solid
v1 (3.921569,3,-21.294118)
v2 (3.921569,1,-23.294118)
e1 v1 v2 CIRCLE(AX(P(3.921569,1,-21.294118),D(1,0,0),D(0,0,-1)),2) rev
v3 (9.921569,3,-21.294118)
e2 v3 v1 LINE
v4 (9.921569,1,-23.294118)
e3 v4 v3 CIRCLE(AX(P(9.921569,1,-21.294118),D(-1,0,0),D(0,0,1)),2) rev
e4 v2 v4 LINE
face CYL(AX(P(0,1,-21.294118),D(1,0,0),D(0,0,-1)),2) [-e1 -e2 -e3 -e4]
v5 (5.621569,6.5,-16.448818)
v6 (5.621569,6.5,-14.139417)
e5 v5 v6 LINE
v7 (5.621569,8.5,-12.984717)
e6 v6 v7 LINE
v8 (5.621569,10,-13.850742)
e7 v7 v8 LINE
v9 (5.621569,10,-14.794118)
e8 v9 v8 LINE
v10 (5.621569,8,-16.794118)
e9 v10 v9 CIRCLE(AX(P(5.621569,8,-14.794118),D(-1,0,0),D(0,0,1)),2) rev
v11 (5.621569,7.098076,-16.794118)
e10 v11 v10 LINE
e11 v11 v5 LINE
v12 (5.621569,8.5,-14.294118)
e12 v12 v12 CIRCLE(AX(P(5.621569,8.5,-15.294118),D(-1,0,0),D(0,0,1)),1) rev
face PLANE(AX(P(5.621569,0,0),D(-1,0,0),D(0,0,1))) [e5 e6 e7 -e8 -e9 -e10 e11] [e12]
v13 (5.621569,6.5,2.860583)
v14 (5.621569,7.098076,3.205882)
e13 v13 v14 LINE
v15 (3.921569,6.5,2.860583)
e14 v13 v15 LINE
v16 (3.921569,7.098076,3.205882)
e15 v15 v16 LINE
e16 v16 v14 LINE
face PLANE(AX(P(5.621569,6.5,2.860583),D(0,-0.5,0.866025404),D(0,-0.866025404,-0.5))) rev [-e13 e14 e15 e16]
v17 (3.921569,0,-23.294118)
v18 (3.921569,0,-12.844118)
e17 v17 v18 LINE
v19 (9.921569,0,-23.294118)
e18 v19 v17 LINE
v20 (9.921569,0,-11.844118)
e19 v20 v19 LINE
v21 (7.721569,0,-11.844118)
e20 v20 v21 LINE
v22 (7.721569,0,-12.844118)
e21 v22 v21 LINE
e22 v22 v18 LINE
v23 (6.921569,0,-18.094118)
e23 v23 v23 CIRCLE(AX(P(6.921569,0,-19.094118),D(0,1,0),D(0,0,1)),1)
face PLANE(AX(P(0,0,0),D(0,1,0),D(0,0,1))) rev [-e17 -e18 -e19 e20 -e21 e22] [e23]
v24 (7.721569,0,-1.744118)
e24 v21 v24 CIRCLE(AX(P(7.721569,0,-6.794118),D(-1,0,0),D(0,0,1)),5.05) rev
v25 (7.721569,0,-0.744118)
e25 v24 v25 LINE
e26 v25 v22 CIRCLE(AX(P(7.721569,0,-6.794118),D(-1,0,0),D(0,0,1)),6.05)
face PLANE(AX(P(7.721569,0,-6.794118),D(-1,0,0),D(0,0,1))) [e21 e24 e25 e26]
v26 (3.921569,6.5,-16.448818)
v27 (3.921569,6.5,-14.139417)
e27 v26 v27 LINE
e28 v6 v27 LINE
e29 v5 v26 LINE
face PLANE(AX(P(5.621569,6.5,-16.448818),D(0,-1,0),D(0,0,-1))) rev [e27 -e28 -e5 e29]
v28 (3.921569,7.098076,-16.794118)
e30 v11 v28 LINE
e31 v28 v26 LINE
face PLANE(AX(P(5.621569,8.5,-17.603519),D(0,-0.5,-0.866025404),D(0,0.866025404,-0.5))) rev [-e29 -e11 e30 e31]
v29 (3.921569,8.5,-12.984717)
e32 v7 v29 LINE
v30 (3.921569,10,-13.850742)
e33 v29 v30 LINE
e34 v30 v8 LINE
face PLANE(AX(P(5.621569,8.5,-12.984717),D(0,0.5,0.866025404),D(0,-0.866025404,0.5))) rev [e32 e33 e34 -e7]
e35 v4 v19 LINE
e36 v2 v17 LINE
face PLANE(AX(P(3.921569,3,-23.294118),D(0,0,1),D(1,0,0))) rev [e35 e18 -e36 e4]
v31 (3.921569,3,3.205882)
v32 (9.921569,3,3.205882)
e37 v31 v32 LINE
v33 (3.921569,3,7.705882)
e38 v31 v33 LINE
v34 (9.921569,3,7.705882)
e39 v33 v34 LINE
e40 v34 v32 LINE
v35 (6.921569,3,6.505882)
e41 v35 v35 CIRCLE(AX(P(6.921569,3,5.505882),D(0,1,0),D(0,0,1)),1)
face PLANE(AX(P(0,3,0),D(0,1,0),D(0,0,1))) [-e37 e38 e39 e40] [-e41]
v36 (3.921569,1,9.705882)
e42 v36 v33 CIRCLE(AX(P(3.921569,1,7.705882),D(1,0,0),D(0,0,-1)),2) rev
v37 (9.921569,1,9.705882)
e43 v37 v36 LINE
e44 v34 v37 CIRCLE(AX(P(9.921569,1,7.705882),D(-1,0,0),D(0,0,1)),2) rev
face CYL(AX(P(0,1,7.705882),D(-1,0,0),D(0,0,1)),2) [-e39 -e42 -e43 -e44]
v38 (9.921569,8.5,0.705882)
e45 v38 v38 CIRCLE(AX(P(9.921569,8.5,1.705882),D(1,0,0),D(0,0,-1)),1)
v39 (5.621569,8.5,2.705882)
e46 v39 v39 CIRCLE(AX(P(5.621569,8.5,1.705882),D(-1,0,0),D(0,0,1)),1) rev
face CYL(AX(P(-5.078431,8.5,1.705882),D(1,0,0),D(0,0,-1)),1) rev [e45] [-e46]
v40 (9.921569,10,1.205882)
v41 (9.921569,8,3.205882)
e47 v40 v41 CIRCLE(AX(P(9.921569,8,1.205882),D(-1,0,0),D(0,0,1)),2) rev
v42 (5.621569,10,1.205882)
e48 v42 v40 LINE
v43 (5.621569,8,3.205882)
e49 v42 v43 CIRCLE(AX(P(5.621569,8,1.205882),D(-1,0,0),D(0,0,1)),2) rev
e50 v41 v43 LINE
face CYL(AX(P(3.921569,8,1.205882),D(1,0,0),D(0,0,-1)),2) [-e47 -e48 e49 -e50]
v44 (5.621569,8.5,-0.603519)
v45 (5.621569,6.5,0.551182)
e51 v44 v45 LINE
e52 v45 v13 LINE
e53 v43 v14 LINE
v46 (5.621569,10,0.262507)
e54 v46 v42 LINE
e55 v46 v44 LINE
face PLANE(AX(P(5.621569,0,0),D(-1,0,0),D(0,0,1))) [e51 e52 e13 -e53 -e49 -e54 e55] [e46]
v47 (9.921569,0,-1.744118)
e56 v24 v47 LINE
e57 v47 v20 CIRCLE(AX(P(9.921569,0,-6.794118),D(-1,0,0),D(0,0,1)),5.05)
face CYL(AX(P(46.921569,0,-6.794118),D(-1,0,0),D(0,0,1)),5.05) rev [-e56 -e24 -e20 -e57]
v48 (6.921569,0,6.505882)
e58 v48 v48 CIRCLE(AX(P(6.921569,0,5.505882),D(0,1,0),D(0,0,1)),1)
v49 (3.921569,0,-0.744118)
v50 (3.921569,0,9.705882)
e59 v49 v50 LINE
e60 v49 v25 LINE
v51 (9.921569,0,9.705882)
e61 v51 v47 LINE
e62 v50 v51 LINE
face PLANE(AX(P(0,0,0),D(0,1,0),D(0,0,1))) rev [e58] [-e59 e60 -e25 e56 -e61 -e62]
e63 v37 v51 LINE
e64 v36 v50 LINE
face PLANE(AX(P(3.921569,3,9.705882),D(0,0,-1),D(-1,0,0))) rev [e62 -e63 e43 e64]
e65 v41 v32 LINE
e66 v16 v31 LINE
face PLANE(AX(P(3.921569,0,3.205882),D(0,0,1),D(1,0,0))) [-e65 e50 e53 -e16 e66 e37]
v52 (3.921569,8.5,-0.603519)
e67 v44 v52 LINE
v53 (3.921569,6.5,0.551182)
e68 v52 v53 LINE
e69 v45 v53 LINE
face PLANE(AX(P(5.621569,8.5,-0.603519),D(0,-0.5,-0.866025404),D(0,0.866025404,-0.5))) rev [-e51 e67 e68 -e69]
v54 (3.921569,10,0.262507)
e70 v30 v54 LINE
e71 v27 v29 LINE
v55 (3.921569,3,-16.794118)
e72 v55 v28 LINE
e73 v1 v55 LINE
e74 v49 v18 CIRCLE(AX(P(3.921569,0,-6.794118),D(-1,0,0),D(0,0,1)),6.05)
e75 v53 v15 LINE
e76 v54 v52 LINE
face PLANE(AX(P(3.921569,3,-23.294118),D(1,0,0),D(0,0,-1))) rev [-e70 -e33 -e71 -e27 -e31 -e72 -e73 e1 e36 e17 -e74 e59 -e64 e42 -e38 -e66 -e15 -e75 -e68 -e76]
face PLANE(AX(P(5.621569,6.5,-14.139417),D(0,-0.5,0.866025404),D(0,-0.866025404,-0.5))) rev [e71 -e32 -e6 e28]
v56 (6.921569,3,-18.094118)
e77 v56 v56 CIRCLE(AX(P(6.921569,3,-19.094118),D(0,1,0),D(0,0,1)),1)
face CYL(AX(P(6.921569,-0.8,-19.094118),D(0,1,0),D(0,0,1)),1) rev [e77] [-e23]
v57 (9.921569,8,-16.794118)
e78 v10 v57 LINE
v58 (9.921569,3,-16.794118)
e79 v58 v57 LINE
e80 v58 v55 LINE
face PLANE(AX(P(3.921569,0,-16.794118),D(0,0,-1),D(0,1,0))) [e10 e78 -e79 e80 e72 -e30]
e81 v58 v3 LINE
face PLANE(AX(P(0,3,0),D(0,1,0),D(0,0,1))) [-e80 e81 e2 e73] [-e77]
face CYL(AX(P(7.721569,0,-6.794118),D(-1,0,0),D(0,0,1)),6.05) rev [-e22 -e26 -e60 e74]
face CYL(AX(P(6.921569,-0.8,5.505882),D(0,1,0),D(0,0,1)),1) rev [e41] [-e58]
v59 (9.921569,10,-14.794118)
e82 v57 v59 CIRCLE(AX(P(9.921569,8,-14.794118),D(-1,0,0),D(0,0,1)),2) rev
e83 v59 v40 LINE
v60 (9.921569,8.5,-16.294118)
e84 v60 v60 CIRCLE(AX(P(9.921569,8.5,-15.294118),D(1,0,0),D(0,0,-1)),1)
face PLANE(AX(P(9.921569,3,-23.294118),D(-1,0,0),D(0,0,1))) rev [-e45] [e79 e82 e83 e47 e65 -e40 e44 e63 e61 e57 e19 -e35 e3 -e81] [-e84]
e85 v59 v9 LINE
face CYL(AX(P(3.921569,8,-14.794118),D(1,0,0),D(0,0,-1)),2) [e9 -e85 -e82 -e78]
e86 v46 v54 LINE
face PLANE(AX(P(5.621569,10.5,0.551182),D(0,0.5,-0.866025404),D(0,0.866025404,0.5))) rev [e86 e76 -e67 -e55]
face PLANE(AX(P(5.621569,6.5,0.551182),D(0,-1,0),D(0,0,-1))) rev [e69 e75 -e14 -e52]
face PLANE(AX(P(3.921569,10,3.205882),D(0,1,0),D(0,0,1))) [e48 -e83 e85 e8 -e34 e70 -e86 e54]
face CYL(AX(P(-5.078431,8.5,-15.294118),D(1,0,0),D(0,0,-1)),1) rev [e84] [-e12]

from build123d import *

# Parameters (mm, degrees)
SKETCH1_W           = 6
SKETCH1_H           = 33
BOSS_EXTRUDE1_DEPTH = 3
SKETCH3_W           = 20
SKETCH3_H           = 10
BOSS_EXTRUDE2_DEPTH = 6
FILLET1_R           = 2
CUT_EXTRUDE1_DEPTH  = 43
SKETCH5_R           = 6.05
CUT_EXTRUDE2_DEPTH  = 3.8
FILLET2_R           = 2
SKETCH6_R           = 1
CUT_EXTRUDE3_DEPTH  = 3.8
SKETCH7_R           = 1
CUT_EXTRUDE4_DEPTH  = 15
CUT_EXTRUDE5_DEPTH  = 1.7


with BuildPart() as part:
    # Sketch1 → Boss-Extrude1 (new body)
    with BuildSketch(Plane(origin=(0, 0, 0), x_dir=(1, 0, 0), z_dir=(0, 1, 0))):
        with Locations((6.921568627, 6.794117647)):
            Rectangle(SKETCH1_W, SKETCH1_H)
    extrude(amount=BOSS_EXTRUDE1_DEPTH)

    # Sketch3 → Boss-Extrude2 (add)
    with BuildSketch(Plane(origin=(9.921568627, 0, 0), x_dir=(0, 0, -1), z_dir=(1, 0, 0))):
        with Locations((6.794117647, 5)):
            Rectangle(SKETCH3_W, SKETCH3_H)
    extrude(amount=-BOSS_EXTRUDE2_DEPTH)

    # Fillet1
    fillet1_edges = [part.edges().sort_by_distance(p)[0] for p in [
        (6.921568627, 10, 3.205882353),
        (6.921568627, 10, -16.794117647),
    ]]
    fillet(fillet1_edges, radius=FILLET1_R)

    # Sketch4 → Cut-Extrude1 (cut)
    with BuildSketch(Plane.ZY.offset(-3.921568627)):
        with BuildLine():
            Line((-11.844117647, 0), (-1.744117647, 0))
            ThreePointArc((-1.744117647, 0), (-6.794117647, 5.05), (-11.844117647, 0))
        make_face()
    extrude(amount=-CUT_EXTRUDE1_DEPTH, mode=Mode.SUBTRACT)

    # Sketch5 → Cut-Extrude2 (cut)
    with BuildSketch(Plane.ZY.offset(-3.921568627)):
        with Locations((-6.794117647, 0)):
            Circle(SKETCH5_R)
    extrude(amount=-CUT_EXTRUDE2_DEPTH, mode=Mode.SUBTRACT)

    # Fillet2
    fillet2_edges = [part.edges().sort_by_distance(p)[0] for p in [
        (6.921568627, 3, -23.294117647),
        (6.921568627, 3, 9.705882353),
    ]]
    fillet(fillet2_edges, radius=FILLET2_R)

    # Sketch6 → Cut-Extrude3 (cut)
    with BuildSketch(Plane(origin=(0, 3, 0), x_dir=(1, 0, 0), z_dir=(0, 1, 0))):
        with Locations((6.921568627, -5.505882353)):
            Circle(SKETCH6_R)
        with Locations((6.921568627, 19.094117647)):
            Circle(SKETCH6_R)
    extrude(amount=-CUT_EXTRUDE3_DEPTH, mode=Mode.SUBTRACT)

    # Sketch7 → Cut-Extrude4 (cut)
    with BuildSketch(Plane(origin=(9.921568627, 0, 0), x_dir=(0, 0, -1), z_dir=(1, 0, 0))):
        with Locations((-1.705882353, 8.5)):
            Circle(SKETCH7_R)
        with Locations((15.294117647, 8.5)):
            Circle(SKETCH7_R)
    extrude(amount=-CUT_EXTRUDE4_DEPTH, mode=Mode.SUBTRACT)

    # Sketch8 → Cut-Extrude5 (cut)
    with BuildSketch(Plane.ZY.offset(-3.921568627)):
        Polygon((-0.603518724, 8.5), (0.551181815, 6.5), (2.860582891, 6.5), (4.01528343, 8.5), (2.860582891, 10.5), (0.551181815, 10.5), align=None)
        Polygon((-17.603518724, 8.5), (-16.448818185, 6.5), (-14.139417109, 6.5), (-12.98471657, 8.5), (-14.139417109, 10.5), (-16.448818185, 10.5), align=None)
    extrude(amount=-CUT_EXTRUDE5_DEPTH, mode=Mode.SUBTRACT)


solid = part.part
